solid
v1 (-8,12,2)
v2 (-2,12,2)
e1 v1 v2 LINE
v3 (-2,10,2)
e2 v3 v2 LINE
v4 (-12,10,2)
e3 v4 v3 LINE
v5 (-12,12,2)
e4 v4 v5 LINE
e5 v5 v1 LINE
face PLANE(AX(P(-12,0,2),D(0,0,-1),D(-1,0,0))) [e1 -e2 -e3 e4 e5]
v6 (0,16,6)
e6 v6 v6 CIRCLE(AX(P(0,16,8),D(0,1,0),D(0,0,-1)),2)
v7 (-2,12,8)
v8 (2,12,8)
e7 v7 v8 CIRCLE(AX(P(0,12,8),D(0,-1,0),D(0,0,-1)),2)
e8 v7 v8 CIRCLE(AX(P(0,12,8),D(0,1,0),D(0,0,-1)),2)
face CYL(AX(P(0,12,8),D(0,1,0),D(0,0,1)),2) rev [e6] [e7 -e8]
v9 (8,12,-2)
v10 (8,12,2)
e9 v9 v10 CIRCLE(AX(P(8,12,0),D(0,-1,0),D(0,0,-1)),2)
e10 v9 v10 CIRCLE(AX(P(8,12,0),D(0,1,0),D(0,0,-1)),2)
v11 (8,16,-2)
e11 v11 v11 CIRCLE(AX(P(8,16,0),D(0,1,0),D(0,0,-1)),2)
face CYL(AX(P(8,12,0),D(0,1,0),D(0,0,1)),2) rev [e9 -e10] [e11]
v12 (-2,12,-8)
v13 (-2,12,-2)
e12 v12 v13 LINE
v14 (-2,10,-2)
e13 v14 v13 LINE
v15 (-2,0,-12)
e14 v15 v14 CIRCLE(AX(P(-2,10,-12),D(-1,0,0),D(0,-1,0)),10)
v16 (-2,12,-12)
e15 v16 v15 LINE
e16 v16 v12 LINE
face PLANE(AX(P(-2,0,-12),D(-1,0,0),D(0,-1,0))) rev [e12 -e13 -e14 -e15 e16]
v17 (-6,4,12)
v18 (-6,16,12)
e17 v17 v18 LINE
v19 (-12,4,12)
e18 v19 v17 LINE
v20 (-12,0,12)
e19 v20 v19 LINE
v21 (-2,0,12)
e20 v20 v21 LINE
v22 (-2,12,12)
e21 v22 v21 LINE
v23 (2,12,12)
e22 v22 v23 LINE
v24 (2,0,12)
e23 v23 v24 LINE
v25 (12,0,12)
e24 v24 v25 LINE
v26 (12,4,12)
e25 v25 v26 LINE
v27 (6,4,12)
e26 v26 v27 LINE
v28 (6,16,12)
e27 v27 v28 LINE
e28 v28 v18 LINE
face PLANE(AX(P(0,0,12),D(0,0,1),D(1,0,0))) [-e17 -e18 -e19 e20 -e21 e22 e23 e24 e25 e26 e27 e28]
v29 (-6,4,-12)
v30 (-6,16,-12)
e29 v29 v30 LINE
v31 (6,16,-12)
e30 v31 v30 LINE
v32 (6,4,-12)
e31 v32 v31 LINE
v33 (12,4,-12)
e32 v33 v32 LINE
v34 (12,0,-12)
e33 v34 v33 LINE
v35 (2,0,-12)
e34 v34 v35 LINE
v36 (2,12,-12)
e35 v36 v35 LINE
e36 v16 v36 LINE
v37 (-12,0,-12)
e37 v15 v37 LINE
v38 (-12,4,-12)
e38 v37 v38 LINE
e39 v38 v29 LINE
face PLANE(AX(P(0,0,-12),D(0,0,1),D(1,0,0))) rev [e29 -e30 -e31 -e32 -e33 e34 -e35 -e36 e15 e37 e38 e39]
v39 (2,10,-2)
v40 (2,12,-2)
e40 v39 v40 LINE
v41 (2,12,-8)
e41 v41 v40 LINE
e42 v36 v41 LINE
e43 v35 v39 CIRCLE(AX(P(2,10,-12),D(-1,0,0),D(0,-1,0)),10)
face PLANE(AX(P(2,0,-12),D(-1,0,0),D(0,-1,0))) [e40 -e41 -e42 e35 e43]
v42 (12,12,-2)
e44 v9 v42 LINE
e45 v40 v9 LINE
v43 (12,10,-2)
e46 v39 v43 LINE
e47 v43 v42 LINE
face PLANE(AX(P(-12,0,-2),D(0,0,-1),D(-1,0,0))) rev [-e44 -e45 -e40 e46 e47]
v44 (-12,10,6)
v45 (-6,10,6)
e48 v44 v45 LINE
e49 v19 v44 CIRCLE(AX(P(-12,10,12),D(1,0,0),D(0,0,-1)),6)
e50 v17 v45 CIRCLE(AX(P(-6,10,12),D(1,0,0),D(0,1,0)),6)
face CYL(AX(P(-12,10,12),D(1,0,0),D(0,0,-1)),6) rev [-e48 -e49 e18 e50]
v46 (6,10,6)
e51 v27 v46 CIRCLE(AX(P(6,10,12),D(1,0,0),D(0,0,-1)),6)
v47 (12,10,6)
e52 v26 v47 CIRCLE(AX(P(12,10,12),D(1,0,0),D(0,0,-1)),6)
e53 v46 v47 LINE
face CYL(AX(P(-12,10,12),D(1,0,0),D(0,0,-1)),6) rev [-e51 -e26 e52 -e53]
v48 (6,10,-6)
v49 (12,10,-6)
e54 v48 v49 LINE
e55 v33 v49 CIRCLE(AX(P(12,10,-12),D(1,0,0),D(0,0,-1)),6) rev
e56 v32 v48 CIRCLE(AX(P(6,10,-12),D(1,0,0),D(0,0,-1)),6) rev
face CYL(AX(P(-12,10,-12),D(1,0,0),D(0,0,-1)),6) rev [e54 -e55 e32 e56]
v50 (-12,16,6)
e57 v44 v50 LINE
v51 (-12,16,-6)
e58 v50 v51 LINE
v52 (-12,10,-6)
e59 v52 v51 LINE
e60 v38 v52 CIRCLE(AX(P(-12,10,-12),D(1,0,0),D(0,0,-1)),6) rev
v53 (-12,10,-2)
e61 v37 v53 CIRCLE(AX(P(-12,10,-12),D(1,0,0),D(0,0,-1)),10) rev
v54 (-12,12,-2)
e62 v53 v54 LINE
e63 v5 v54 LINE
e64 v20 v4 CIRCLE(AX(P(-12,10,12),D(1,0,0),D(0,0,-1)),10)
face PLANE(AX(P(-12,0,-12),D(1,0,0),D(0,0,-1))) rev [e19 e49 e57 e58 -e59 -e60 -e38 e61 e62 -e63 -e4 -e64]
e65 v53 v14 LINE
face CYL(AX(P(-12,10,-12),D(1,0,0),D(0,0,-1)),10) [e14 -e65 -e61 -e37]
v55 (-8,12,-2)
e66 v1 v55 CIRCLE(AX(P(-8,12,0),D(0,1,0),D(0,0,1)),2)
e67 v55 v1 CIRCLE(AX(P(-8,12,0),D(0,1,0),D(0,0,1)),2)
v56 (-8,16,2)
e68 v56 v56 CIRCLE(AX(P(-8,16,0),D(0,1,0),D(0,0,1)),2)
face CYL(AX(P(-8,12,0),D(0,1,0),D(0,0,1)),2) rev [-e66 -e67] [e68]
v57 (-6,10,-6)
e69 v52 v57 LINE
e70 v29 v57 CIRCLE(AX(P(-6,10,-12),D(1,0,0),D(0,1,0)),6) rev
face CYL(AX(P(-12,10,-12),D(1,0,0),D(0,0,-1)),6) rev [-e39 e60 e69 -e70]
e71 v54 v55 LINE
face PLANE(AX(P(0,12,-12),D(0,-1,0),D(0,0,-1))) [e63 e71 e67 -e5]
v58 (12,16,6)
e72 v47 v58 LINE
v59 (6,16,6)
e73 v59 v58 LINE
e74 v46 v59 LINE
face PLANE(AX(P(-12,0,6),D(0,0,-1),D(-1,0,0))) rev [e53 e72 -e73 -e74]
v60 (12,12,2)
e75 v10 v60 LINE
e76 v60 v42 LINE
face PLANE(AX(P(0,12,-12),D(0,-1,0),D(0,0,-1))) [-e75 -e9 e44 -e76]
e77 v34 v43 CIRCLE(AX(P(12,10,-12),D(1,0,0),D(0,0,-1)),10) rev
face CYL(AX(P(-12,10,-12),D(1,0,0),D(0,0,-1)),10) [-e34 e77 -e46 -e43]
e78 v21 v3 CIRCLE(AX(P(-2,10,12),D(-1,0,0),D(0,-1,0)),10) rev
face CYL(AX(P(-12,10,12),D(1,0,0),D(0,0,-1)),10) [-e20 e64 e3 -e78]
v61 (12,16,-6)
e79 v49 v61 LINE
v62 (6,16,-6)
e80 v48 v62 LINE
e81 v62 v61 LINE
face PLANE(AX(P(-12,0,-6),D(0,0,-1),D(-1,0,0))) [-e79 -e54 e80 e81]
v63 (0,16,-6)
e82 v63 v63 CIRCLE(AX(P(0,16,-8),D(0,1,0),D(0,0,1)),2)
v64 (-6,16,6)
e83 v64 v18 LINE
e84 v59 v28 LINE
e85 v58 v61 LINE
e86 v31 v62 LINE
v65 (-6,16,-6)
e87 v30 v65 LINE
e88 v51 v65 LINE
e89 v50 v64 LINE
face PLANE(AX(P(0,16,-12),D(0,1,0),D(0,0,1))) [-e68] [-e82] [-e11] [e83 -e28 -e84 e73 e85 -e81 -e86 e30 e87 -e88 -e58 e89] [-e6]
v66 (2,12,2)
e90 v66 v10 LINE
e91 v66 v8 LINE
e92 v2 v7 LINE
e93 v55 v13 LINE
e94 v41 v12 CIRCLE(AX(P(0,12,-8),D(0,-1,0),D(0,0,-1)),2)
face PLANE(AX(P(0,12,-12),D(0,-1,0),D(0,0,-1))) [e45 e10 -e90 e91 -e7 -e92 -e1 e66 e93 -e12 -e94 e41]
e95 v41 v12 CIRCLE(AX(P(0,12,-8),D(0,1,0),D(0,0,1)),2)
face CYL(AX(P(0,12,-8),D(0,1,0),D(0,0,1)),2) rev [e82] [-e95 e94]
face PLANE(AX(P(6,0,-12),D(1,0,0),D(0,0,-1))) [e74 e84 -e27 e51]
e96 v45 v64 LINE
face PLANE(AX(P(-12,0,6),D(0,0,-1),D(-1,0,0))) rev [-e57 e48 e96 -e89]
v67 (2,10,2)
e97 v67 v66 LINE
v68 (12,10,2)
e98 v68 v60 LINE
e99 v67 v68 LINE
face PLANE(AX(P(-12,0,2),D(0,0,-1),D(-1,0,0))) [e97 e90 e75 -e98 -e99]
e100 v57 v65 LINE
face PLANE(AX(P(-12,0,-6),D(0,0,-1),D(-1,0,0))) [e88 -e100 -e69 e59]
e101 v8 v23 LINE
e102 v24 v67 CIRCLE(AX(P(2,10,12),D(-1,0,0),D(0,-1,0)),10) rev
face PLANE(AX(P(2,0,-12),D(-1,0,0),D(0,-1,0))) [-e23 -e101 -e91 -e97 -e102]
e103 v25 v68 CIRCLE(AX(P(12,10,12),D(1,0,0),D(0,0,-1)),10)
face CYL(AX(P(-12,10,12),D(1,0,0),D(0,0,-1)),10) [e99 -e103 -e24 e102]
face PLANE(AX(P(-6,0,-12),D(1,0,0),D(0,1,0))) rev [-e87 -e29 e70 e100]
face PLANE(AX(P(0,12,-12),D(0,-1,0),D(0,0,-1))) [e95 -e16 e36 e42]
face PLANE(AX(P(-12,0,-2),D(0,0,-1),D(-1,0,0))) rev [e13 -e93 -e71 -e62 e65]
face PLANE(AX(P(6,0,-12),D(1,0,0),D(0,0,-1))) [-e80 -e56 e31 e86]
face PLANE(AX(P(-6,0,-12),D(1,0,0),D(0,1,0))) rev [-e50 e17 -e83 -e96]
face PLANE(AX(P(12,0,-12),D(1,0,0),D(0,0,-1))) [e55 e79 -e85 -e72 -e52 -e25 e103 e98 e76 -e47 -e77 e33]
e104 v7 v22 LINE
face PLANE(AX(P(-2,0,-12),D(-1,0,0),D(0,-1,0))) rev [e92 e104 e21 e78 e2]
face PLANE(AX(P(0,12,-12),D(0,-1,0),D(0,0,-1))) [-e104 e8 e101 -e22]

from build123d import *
from build123d.topology import SkipClean

# Parameters (mm, degrees)
EXTRUDE_1_DEPTH     = 12
CUT_EXTRUDE_5_DEPTH = 24
EXTRUDE_5_DEPTH     = 24
SKETCH_2_4_W        = 4
SKETCH_2_4_H        = 12
CUT_EXTRUDE_6_DEPTH = 12
SKETCH_9_R          = 2
CUT_EXTRUDE_7_DEPTH = 4


with BuildPart() as part:
    # 草图2 → 凸台-拉伸1 (new, symmetric)
    with BuildSketch(Plane.XY):
        Polygon((2, 12), (2, 0), (12, 0), (12, 4), (6, 4), (6, 16), (-6, 16), (-6, 4), (-12, 4), (-12, 0), (-2, 0), (-2, 12), align=None)
    extrude(amount=EXTRUDE_1_DEPTH, both=True)

    # 草图7 → 切除-拉伸5 (cut)
    with BuildSketch(Plane(origin=(12, 0, 0), x_dir=(0, 0, -1), z_dir=(1, 0, 0))):
        with BuildLine():
            Line((-2, 12), (-2, 10))
            ThreePointArc((-2, 10), (-4.928932188, 2.928932188), (-12, 0))
            Line((-12, 0), (12, 0))
            ThreePointArc((12, 0), (4.928932188, 2.928932188), (2, 10))
            Line((2, 10), (2, 12))
            Line((2, 12), (-2, 12))
        make_face()
    extrude(amount=-CUT_EXTRUDE_5_DEPTH, mode=Mode.SUBTRACT)

    # 草图7<4> → 凸台-拉伸5 (add)
    with SkipClean():  # the faces are left unmerged after this step: merging them gives an invalid solid
        with BuildSketch(Plane(origin=(12, 0, 0), x_dir=(0, 0, -1), z_dir=(1, 0, 0))):
            with BuildLine():
                ThreePointArc((-12, 0), (-4.928932188, 2.928932188), (-2, 10))
                Line((-2, 10), (-2, 12))
                Line((-2, 12), (2, 12))
                Line((2, 12), (2, 10))
                ThreePointArc((2, 10), (4.928932188, 2.928932188), (12, 0))
                Line((12, 0), (12, 4))
                ThreePointArc((12, 4), (7.757359313, 5.757359313), (6, 10))
                Line((6, 10), (6, 16))
                Line((6, 16), (-6, 16))
                Line((-6, 16), (-6, 10))
                ThreePointArc((-6, 10), (-7.757359313, 5.757359313), (-12, 4))
                Line((-12, 4), (-12, 0))
            make_face()
        extrude(amount=-EXTRUDE_5_DEPTH)
    add(part.part.scale(1), mode=Mode.REPLACE)  # the faces are merged on a copy

    # 草图2<4> → 切除-拉伸6 (cut, symmetric)
    with BuildSketch(Plane.XY):
        with Locations((0, 6)):
            Rectangle(SKETCH_2_4_W, SKETCH_2_4_H)
    extrude(amount=CUT_EXTRUDE_6_DEPTH, both=True, mode=Mode.SUBTRACT)

    # 草图9 → 切除-拉伸7 (cut)
    with BuildSketch(Plane(origin=(0, 16, 0), x_dir=(1, 0, 0), z_dir=(0, 1, 0))):
        with Locations((0, 8)):
            Circle(SKETCH_9_R)
        with Locations((-8, 0)):
            Circle(SKETCH_9_R)
        with Locations((8, 0)):
            Circle(SKETCH_9_R)
        with Locations((0, -8)):
            Circle(SKETCH_9_R)
    extrude(amount=-CUT_EXTRUDE_7_DEPTH, mode=Mode.SUBTRACT)


solid = part.part
